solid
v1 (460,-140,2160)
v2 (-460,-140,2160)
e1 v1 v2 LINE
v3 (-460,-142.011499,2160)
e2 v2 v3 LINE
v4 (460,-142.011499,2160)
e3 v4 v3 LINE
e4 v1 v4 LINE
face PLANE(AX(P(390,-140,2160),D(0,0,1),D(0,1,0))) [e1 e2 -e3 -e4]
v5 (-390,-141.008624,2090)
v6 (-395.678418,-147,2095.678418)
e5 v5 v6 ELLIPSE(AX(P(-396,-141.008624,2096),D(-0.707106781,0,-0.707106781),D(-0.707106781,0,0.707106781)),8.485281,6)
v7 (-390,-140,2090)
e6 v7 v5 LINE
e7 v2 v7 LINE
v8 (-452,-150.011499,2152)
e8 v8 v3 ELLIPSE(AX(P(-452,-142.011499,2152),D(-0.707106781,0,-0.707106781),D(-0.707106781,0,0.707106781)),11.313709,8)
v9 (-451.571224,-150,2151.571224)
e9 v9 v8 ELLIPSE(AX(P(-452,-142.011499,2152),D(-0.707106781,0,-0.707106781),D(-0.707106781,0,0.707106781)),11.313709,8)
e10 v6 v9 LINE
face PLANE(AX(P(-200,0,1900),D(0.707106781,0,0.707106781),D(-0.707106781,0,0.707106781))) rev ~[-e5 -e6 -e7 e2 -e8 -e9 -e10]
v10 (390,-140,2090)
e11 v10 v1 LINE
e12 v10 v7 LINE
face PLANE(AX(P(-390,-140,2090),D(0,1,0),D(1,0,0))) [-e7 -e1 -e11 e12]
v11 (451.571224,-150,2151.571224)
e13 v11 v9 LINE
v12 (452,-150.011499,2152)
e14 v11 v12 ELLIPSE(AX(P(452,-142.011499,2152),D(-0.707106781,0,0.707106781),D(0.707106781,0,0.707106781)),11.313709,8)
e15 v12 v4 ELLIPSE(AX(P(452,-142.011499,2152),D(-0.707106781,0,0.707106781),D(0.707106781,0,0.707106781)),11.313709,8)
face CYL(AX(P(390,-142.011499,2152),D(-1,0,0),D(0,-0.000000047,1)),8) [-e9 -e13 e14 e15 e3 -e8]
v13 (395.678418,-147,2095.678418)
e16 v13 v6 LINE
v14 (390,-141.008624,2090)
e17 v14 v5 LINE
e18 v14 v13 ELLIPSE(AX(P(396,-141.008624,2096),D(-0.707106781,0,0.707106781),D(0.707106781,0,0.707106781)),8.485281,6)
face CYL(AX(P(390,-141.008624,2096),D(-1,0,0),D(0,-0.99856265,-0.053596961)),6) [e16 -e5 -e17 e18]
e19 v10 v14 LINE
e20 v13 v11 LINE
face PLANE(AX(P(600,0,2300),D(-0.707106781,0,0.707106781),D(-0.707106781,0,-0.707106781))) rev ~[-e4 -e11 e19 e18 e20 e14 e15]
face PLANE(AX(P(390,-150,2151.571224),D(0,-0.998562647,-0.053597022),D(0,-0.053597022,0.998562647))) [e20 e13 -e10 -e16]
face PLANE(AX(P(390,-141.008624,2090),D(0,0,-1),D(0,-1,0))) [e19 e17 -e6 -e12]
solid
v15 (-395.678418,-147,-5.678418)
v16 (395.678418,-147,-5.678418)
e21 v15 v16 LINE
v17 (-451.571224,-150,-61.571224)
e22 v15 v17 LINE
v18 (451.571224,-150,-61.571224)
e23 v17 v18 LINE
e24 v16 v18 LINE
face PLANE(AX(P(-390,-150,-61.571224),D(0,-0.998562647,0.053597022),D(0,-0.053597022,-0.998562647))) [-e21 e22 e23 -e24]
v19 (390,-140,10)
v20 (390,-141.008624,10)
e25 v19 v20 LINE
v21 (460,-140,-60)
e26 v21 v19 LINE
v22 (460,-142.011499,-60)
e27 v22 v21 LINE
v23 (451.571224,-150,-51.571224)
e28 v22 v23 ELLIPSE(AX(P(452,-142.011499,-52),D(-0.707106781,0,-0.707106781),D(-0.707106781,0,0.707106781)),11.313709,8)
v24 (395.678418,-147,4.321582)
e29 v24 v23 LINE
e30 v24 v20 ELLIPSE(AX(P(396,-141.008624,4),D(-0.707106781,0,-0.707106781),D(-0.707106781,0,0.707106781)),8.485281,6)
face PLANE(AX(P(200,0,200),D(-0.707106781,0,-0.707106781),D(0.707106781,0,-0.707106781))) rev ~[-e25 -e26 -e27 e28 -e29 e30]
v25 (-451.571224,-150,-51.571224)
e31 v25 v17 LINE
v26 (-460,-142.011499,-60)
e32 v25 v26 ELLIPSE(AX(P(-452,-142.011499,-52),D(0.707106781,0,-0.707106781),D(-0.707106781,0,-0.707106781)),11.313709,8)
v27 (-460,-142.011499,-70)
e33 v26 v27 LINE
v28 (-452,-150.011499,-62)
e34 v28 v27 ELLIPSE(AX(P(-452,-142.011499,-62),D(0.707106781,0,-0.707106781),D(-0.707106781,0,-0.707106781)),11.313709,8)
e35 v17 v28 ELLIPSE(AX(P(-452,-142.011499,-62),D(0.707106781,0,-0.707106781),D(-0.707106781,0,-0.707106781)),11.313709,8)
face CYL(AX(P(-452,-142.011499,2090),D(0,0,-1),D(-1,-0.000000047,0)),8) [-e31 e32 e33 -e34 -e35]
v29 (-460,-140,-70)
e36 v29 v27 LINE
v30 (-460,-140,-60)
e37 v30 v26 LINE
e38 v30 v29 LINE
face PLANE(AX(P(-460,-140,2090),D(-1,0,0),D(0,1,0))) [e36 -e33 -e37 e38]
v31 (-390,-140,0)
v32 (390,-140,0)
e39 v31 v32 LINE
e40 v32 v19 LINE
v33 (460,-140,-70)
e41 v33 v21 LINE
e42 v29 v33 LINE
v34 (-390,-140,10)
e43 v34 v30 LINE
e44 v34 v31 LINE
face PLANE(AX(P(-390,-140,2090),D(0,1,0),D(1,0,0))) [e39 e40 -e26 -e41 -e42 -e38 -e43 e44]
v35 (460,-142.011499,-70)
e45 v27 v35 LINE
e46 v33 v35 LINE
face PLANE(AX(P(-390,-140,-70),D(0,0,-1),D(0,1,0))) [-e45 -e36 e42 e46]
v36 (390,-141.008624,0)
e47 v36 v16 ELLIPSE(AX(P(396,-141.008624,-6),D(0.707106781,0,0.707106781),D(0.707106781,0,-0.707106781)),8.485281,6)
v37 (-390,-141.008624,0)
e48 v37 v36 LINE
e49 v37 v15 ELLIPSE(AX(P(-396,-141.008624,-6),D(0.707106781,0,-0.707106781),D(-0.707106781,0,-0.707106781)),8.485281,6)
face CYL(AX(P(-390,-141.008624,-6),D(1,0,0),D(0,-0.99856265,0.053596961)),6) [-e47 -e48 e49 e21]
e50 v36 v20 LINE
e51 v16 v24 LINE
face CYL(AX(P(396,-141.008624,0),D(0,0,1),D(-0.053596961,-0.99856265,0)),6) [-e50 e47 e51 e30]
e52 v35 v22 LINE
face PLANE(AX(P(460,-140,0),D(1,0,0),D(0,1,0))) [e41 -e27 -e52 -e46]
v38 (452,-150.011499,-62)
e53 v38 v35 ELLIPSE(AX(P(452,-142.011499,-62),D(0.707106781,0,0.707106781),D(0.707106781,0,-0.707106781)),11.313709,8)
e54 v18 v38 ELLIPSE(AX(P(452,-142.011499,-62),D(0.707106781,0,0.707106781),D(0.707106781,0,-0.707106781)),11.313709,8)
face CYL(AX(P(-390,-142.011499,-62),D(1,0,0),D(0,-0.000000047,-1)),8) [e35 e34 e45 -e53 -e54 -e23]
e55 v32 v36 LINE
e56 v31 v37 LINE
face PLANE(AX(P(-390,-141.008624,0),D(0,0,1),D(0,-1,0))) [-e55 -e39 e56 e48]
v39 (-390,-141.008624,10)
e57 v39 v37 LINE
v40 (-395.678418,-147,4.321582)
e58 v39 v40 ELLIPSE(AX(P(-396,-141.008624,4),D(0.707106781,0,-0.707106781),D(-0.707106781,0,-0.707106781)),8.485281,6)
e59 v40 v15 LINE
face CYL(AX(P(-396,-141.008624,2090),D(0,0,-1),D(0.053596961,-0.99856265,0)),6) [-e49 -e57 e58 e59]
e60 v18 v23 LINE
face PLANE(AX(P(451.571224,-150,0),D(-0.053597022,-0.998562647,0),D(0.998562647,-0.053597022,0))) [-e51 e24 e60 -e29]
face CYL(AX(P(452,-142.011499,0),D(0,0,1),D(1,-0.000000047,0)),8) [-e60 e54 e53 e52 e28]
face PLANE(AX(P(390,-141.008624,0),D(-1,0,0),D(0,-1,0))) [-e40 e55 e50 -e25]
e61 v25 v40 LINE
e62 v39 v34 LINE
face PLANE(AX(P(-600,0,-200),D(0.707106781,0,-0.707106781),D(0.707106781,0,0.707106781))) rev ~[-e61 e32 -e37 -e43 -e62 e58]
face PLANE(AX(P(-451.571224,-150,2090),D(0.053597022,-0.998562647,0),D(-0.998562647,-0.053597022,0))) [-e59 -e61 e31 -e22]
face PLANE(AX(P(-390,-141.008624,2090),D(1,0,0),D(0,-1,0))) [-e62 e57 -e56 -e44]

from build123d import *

# Parameters (mm, degrees)
EXTRUDE039436_DEPTH = 500
EXTRUDE039434_DEPTH = 500


with BuildPart() as extrude039436_internal_inferior:
    # Sketch225 (on Sketch) → Extrude039436 (new body, symmetric)
    with BuildSketch(Plane.XZ):
        Polygon((-200, 200), (200, 200), (600, -200), (-600, -200), align=None)
    extrude(amount=EXTRUDE039436_DEPTH, both=True)


with BuildPart() as compound051:
    # Sketch223 (on Sketch) → Extrude039434 (new body, symmetric)
    with BuildSketch(Plane.XZ):
        Polygon((-600, 2300), (600, 2300), (200, 1900), (-200, 1900), align=None)
    extrude(amount=EXTRUDE039434_DEPTH, both=True)

    # Compound051: union Extrude039436_internal_inferior_
    add(extrude039436_internal_inferior.part)


with BuildPart() as trim_window_external_horizontal:
    # Sweep011: sweep along a path in Sketch194
    with BuildLine(Plane.XZ.offset(140)) as sweep011_path:
        Line((-390, 2090), (-390, 0))
        Line((-390, 0), (390, 0))
        Line((390, 0), (390, 2090))
        Line((390, 2090), (-390, 2090))
    # Clone2D027 (on Sketch) → Sweep011 (sweep)
    with BuildSketch(Plane(origin=(0, -140, 0), x_dir=(0, 0, 1), z_dir=(1, 0, 0))):
        with BuildLine():
            Line((-61.571224, 10), (-5.678418, 7))
            ThreePointArc((-5.678418, 7), (-1.645147, 5.136003), (0, 1.008624))
            Line((0, 1.008624), (0, 0))
            Line((0, 0), (-70, 0))
            Line((-70, 0), (-70, 2.011499))
            ThreePointArc((-70, 2.011499), (-67.503171, 7.81797), (-61.571224, 10))
        make_face()
    sweep(path=sweep011_path.line, is_frenet=True, transition=Transition.RIGHT)

    # Common003: intersect Compound051_
    add(compound051.part, mode=Mode.INTERSECT)


solid = trim_window_external_horizontal.part
